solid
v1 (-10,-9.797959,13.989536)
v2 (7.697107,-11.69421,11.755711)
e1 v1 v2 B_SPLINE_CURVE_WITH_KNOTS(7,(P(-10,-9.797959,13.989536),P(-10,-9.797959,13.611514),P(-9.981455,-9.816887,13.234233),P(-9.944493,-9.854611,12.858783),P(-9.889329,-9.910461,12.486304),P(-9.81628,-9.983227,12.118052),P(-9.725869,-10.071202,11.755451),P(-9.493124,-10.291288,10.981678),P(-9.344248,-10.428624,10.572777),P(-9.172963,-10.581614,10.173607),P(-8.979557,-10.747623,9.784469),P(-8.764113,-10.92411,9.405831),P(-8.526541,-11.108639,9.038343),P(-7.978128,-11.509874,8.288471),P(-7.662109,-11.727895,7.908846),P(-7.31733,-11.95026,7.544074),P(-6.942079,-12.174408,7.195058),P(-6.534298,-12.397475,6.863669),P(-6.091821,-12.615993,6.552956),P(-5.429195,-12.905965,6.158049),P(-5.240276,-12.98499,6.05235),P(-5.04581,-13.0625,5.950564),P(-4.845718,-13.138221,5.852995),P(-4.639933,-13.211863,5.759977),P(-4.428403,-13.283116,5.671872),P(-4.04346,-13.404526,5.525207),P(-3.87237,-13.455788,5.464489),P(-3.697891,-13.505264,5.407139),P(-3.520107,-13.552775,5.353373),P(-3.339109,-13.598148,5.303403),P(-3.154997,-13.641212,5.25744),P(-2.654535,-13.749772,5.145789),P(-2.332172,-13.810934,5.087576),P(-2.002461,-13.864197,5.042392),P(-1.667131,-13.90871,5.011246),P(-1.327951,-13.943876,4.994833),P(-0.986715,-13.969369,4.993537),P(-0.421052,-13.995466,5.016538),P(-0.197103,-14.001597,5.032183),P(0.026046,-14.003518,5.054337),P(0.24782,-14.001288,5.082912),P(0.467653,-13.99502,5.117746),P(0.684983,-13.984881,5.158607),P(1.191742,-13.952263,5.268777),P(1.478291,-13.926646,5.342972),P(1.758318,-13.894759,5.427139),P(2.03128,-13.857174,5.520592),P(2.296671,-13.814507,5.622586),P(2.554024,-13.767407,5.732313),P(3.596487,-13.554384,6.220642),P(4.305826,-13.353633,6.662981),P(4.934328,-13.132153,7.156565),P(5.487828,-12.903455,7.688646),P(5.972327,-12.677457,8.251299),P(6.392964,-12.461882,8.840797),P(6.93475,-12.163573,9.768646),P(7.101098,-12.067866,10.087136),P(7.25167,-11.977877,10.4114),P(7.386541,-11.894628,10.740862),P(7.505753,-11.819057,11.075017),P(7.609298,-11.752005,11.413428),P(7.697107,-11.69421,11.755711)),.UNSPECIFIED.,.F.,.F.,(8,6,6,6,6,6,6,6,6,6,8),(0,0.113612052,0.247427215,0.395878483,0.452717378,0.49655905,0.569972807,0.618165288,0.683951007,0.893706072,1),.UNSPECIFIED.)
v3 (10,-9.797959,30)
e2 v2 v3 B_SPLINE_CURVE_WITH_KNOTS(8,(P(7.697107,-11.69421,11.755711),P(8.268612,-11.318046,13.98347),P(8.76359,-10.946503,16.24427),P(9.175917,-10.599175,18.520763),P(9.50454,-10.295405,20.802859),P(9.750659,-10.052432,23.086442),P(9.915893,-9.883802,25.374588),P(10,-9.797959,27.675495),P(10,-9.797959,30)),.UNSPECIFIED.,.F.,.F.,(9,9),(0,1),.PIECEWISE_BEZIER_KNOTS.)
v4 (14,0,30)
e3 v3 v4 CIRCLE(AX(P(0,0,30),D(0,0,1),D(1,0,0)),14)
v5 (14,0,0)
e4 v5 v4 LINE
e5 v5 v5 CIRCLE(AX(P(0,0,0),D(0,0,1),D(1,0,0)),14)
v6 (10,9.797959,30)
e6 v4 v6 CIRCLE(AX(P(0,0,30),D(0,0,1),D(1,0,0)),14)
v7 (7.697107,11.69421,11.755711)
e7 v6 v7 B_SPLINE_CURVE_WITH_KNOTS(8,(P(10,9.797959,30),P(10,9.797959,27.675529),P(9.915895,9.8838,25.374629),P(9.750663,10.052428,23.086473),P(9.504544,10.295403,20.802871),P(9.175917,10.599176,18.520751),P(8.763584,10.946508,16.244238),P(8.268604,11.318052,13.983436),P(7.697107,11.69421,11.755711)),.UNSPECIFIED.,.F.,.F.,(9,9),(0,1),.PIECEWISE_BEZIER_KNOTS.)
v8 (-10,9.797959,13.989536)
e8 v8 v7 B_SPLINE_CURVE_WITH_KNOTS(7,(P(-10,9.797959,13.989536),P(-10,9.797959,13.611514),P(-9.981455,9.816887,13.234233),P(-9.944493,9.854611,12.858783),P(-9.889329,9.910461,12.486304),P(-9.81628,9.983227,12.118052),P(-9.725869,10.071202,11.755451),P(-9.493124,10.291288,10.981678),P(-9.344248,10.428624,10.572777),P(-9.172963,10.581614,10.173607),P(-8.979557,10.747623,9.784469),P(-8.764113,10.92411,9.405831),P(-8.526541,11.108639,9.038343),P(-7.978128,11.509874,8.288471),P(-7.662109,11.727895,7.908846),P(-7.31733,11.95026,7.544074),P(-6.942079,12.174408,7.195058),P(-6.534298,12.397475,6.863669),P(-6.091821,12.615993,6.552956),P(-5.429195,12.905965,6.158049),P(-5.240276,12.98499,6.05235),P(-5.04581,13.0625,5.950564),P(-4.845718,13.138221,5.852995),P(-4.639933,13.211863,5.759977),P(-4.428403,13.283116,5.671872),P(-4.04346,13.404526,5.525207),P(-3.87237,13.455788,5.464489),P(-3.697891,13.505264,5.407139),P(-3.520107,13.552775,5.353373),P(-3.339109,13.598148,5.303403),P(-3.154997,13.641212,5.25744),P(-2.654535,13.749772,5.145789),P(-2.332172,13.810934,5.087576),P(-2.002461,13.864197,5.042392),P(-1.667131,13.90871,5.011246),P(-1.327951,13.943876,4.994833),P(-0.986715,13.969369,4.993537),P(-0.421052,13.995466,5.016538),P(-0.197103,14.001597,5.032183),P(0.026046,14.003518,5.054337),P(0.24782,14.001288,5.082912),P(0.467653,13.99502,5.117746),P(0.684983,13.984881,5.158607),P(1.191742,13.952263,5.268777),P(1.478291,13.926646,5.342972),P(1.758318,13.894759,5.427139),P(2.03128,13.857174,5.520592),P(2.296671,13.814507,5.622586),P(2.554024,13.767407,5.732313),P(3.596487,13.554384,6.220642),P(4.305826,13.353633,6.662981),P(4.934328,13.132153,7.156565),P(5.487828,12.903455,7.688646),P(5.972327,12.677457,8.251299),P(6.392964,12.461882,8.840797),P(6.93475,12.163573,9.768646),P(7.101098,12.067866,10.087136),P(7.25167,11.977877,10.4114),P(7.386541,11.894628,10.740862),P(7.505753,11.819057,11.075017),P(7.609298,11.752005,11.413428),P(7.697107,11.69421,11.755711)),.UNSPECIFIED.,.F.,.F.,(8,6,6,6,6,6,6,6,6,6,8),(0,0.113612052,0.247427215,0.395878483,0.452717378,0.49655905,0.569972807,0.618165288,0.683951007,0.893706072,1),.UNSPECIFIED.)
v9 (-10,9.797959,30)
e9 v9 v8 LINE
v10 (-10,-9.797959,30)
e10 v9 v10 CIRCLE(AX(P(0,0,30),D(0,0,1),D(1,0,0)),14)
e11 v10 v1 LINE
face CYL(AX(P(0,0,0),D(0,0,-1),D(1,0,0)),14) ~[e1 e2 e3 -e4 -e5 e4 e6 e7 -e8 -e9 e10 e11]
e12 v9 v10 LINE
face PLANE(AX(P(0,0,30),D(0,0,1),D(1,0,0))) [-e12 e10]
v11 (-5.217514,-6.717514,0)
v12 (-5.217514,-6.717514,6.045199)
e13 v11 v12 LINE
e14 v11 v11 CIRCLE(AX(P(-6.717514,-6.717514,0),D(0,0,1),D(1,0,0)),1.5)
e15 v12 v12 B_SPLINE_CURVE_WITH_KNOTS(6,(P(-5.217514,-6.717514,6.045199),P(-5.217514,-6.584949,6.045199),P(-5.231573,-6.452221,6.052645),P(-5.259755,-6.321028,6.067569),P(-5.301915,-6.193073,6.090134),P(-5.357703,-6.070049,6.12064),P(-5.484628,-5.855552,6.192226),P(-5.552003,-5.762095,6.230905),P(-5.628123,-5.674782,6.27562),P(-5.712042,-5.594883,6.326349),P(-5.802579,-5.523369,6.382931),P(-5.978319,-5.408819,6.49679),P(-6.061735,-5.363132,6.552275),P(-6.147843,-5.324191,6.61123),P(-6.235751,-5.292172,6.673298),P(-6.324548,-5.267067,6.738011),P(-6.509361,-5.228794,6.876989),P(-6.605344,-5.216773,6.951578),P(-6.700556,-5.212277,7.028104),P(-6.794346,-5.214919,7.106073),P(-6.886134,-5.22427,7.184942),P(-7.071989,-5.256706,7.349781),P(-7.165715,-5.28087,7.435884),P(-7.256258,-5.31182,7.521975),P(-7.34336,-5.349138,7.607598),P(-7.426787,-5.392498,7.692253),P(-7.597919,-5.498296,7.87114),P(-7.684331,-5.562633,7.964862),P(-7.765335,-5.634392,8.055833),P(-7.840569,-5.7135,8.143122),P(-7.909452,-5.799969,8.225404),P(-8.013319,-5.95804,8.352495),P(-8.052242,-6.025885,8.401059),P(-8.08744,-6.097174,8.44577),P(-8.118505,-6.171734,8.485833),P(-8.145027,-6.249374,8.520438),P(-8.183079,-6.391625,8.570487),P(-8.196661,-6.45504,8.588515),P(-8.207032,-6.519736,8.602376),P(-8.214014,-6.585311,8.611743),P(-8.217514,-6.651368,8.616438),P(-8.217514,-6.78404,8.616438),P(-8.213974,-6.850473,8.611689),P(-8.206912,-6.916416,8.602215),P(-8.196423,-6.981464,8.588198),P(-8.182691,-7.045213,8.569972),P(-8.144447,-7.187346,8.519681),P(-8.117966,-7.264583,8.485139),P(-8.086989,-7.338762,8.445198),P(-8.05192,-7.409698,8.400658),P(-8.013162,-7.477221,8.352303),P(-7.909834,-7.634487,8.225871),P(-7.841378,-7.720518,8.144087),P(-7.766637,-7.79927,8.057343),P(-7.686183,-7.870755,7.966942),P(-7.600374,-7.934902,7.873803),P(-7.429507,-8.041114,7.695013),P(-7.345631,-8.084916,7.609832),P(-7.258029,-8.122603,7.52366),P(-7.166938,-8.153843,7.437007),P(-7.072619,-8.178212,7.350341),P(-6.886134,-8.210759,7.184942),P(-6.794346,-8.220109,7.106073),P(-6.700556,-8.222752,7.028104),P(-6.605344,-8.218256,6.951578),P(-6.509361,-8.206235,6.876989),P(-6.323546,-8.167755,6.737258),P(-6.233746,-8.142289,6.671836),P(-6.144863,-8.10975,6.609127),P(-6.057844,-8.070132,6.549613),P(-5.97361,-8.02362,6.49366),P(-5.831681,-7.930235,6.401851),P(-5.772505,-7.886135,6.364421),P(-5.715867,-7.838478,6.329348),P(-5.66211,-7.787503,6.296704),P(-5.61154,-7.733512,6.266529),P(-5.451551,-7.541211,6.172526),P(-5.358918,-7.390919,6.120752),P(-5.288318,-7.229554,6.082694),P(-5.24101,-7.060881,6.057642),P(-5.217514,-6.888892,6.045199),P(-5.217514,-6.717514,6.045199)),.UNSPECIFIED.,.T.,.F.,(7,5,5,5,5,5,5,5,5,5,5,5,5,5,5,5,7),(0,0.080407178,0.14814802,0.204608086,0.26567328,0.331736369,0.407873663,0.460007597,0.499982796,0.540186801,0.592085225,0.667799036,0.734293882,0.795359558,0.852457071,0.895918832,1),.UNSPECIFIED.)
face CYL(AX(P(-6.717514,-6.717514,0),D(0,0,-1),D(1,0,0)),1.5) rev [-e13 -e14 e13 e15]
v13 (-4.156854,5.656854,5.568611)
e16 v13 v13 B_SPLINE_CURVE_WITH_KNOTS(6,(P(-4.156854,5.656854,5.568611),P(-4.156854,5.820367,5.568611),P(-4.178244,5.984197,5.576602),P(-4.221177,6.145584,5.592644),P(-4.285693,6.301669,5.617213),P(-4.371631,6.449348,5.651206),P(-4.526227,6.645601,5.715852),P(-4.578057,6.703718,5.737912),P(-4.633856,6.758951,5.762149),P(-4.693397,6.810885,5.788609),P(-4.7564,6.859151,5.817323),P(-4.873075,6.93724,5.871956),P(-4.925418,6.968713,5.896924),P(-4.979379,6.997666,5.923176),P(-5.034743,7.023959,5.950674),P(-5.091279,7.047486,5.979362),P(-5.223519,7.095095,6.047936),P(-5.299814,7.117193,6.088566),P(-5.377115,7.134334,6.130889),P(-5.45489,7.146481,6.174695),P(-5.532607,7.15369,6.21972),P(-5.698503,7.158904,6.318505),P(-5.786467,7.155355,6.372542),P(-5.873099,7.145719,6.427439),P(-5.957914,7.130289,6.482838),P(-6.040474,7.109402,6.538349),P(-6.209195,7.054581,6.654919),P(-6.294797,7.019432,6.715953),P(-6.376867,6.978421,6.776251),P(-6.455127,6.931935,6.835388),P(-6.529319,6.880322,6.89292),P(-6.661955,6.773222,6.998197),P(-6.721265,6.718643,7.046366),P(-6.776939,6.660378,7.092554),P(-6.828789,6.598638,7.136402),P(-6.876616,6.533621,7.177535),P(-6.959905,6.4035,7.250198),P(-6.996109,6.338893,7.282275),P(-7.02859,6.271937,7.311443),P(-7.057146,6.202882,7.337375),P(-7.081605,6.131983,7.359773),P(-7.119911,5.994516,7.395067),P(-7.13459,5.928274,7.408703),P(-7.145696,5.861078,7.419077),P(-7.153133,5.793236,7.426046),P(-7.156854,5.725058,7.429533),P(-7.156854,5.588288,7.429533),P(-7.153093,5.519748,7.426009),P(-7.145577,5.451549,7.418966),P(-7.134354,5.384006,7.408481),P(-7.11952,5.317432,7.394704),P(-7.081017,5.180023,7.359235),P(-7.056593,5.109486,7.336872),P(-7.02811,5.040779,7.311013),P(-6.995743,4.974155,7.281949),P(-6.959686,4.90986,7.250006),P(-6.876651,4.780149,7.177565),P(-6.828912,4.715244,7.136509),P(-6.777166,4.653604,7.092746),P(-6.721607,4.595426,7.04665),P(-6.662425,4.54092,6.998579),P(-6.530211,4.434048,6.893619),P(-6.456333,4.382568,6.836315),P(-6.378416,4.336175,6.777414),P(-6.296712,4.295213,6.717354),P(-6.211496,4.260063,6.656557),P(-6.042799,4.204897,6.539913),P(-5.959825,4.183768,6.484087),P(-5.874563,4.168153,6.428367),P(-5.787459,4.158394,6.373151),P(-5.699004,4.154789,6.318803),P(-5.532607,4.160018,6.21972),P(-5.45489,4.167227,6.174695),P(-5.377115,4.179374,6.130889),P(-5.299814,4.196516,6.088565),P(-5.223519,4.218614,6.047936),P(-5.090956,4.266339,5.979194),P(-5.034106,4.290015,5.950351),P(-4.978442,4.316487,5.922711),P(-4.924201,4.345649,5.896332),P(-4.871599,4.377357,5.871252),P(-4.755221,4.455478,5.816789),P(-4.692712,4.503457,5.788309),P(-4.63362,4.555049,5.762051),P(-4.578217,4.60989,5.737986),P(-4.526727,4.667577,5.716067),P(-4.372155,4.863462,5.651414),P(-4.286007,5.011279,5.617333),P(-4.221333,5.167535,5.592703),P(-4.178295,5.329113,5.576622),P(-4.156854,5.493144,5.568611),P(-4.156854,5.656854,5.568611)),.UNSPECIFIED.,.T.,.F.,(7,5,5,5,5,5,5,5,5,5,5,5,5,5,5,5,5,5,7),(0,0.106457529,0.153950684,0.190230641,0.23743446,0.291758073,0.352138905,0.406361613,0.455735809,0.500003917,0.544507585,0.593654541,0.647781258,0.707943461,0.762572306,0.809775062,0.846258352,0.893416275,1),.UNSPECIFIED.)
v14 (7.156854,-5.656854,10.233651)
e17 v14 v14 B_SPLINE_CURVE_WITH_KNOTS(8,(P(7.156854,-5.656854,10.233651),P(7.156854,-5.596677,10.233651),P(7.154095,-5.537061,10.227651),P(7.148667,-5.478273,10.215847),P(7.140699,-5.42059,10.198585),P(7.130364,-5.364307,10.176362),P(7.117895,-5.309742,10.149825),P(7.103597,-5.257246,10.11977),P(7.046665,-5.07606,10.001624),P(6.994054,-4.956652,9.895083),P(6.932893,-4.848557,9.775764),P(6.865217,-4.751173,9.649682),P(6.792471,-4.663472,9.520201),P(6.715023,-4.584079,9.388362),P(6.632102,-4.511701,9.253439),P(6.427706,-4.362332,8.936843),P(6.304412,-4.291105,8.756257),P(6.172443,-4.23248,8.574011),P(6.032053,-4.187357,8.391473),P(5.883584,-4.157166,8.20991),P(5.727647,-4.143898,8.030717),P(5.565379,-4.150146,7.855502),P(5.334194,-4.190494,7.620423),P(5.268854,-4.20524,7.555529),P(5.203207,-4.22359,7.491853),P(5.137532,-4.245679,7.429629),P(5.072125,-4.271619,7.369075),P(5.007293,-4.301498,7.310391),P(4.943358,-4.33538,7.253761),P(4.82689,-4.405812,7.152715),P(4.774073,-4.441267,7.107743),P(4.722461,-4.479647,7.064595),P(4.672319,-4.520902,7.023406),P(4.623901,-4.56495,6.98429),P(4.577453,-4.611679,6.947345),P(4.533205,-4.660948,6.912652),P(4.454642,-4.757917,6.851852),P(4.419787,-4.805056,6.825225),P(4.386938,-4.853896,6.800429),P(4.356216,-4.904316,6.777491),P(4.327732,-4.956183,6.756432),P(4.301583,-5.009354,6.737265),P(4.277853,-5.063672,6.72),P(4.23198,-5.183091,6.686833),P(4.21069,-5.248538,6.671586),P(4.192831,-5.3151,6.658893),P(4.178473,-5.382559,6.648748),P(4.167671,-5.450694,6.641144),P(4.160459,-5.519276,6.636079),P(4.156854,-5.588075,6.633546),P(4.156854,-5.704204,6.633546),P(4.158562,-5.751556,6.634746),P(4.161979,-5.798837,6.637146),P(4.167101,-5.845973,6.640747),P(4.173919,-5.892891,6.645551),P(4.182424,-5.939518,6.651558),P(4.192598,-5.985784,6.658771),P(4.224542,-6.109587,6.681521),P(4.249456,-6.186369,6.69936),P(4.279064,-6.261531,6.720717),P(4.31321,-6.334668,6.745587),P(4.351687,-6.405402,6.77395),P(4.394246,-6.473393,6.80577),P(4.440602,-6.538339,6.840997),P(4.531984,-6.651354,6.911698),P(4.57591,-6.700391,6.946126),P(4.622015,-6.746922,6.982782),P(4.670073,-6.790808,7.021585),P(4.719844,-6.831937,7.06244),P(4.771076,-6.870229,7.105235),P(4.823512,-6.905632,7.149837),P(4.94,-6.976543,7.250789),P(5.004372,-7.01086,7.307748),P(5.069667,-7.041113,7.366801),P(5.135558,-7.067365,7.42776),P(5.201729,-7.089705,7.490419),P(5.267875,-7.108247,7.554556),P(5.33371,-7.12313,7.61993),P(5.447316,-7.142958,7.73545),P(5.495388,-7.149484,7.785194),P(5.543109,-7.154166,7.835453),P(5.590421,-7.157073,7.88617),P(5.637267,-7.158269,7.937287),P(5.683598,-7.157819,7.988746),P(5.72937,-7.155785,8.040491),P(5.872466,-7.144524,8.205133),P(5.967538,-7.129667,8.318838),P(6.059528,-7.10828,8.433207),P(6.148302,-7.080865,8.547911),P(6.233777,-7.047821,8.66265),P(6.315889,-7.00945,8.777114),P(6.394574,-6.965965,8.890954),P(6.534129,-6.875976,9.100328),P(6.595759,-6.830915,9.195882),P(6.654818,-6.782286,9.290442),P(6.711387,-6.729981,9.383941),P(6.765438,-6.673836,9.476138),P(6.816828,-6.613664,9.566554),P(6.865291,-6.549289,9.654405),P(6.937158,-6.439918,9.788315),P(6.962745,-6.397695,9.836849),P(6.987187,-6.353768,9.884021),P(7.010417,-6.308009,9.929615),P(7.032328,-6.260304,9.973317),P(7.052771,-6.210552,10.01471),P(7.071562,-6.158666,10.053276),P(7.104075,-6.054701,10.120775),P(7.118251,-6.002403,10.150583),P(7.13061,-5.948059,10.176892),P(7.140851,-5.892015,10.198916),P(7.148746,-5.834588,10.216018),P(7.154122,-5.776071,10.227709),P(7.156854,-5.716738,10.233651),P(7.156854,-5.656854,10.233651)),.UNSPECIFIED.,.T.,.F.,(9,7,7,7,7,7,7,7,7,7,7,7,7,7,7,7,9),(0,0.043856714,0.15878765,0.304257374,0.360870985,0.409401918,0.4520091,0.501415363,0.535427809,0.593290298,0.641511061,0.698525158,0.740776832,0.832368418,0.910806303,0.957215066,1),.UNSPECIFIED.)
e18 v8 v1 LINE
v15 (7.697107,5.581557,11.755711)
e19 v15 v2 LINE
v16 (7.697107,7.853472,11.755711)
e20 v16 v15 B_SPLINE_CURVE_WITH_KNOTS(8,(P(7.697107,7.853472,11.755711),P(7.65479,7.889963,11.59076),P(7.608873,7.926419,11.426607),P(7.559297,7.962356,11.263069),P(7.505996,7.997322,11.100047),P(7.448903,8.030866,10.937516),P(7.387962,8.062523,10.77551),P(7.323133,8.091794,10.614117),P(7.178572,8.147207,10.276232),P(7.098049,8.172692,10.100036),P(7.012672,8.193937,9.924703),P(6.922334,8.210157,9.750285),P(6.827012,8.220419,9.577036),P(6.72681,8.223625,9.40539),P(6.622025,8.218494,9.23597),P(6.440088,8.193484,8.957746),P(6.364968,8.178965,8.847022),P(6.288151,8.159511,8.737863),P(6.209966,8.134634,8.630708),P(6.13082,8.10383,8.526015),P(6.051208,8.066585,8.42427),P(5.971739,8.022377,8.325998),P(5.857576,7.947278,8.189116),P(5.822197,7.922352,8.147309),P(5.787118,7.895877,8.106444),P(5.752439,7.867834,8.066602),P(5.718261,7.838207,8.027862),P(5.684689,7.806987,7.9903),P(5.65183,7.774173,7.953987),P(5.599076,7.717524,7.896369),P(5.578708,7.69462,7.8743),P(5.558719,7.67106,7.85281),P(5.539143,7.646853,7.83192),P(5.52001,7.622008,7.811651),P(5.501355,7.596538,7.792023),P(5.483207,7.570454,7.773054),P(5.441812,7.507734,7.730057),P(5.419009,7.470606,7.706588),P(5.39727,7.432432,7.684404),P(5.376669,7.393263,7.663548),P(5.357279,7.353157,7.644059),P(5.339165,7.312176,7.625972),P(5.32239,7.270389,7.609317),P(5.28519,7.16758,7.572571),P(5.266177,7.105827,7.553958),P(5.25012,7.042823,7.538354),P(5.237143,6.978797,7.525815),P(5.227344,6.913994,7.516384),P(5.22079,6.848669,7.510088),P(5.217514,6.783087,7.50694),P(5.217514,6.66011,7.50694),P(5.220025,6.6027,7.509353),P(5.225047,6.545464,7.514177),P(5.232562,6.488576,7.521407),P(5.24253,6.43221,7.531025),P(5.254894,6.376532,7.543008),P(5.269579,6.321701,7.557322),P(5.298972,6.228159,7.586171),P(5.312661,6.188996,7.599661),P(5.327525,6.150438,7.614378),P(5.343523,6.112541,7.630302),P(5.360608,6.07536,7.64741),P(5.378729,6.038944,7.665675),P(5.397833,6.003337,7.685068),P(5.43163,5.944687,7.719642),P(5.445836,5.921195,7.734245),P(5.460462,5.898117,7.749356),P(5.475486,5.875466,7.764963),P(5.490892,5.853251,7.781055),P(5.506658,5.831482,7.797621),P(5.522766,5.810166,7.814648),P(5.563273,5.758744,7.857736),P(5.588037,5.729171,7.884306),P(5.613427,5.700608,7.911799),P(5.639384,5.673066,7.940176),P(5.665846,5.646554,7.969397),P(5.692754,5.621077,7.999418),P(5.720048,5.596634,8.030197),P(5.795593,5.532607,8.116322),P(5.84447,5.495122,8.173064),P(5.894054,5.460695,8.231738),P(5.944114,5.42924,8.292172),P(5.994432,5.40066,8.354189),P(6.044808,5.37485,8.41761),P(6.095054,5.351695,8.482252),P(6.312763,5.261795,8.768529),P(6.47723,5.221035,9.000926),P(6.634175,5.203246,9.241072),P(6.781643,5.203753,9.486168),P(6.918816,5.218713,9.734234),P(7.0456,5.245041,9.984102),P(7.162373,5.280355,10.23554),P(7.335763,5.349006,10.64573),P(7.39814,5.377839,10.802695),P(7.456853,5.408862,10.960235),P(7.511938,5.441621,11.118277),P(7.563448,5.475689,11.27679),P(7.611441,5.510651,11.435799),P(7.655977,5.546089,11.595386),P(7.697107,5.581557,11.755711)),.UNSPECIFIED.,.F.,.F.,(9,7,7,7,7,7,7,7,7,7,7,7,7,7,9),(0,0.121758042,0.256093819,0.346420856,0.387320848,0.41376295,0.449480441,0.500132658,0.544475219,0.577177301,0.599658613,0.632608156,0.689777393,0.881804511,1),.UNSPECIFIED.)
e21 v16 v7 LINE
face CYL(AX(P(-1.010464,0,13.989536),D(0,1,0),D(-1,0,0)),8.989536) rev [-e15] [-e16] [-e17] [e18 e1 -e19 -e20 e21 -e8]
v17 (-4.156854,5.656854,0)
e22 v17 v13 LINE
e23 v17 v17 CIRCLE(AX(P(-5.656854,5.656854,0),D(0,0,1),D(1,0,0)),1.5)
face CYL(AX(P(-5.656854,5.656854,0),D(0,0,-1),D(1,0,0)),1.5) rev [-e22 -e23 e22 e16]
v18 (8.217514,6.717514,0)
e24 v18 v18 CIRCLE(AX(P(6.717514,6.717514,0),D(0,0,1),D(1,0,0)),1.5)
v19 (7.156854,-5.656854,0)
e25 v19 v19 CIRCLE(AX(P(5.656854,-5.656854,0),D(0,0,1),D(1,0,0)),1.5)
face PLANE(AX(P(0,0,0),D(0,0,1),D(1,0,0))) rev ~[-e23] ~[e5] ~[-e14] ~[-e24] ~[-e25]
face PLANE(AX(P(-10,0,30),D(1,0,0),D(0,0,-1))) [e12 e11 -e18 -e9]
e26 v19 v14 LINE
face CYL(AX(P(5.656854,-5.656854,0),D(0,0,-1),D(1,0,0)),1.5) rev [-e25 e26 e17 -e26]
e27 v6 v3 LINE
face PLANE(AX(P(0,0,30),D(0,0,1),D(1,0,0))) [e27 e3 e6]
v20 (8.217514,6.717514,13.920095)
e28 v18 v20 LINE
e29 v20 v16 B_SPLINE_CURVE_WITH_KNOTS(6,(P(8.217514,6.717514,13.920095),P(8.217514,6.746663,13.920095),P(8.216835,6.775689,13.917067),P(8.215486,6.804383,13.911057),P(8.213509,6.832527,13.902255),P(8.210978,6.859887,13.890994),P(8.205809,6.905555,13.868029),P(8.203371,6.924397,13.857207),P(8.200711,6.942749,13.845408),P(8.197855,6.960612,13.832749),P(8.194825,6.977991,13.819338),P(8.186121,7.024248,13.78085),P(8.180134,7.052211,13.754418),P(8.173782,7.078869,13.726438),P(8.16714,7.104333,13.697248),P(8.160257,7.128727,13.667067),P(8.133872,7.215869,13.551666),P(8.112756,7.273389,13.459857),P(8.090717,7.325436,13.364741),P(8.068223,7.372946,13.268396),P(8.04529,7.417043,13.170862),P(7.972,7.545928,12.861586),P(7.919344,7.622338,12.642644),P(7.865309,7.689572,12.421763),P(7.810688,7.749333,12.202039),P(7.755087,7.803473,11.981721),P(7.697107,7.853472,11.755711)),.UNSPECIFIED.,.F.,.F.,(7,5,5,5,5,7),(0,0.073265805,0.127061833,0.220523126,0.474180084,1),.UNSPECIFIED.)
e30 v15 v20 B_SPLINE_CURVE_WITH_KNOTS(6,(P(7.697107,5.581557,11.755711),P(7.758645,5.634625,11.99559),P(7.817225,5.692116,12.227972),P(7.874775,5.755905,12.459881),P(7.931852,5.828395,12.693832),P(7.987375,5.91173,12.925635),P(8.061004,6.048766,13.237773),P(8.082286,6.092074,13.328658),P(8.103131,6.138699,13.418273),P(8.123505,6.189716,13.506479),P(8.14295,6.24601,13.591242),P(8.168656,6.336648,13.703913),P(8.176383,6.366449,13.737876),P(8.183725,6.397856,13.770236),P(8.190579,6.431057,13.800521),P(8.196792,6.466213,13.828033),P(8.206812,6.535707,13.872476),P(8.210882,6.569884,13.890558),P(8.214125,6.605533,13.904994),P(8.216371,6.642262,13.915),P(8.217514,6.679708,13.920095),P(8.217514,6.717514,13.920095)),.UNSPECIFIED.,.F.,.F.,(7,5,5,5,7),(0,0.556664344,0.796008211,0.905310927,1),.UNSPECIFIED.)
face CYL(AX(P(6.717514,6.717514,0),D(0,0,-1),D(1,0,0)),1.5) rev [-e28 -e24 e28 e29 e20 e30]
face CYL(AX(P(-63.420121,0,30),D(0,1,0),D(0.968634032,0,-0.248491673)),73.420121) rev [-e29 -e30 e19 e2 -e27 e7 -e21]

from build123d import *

# Parameters (mm, degrees)
F0_R          = 14
F0_R_2        = 1.5
F1_DEPTH      = 30
F3_DEPTH      = 25
F3_DEPTH_BACK = 25


with BuildPart() as f1:
    # F0 (on Top) → F1 (new body)
    with BuildSketch(Plane.XY):
        Circle(F0_R)
        with Locations((-6.7175144213, -6.7175144213)):
            Circle(F0_R_2, mode=Mode.SUBTRACT)
        with Locations((5.6568542495, -5.6568542495)):
            Circle(F0_R_2, mode=Mode.SUBTRACT)
        with Locations((-5.6568542495, 5.6568542495)):
            Circle(F0_R_2, mode=Mode.SUBTRACT)
        with Locations((6.7175144213, 6.7175144213)):
            Circle(F0_R_2, mode=Mode.SUBTRACT)
    extrude(amount=F1_DEPTH)

    # F2 (on Front) → F3 (cut, two sides)
    with BuildSketch(Plane.XZ) as f3_sk:
        with BuildLine():
            Line((10, 30), (-10, 30))
            Line((-10, 30), (-10, 13.9895361748))
            ThreePointArc((-10, 13.9895361748), (-2.136238911, 5.0707699432), (7.6971068467, 11.7557112868))
            ThreePointArc((7.6971068467, 11.7557112868), (9.4220015712, 20.8054719055), (10, 30))
        make_face()
    extrude(amount=-F3_DEPTH, mode=Mode.SUBTRACT)
    extrude(f3_sk.sketch, amount=F3_DEPTH_BACK, mode=Mode.SUBTRACT)


solid = f1.part
